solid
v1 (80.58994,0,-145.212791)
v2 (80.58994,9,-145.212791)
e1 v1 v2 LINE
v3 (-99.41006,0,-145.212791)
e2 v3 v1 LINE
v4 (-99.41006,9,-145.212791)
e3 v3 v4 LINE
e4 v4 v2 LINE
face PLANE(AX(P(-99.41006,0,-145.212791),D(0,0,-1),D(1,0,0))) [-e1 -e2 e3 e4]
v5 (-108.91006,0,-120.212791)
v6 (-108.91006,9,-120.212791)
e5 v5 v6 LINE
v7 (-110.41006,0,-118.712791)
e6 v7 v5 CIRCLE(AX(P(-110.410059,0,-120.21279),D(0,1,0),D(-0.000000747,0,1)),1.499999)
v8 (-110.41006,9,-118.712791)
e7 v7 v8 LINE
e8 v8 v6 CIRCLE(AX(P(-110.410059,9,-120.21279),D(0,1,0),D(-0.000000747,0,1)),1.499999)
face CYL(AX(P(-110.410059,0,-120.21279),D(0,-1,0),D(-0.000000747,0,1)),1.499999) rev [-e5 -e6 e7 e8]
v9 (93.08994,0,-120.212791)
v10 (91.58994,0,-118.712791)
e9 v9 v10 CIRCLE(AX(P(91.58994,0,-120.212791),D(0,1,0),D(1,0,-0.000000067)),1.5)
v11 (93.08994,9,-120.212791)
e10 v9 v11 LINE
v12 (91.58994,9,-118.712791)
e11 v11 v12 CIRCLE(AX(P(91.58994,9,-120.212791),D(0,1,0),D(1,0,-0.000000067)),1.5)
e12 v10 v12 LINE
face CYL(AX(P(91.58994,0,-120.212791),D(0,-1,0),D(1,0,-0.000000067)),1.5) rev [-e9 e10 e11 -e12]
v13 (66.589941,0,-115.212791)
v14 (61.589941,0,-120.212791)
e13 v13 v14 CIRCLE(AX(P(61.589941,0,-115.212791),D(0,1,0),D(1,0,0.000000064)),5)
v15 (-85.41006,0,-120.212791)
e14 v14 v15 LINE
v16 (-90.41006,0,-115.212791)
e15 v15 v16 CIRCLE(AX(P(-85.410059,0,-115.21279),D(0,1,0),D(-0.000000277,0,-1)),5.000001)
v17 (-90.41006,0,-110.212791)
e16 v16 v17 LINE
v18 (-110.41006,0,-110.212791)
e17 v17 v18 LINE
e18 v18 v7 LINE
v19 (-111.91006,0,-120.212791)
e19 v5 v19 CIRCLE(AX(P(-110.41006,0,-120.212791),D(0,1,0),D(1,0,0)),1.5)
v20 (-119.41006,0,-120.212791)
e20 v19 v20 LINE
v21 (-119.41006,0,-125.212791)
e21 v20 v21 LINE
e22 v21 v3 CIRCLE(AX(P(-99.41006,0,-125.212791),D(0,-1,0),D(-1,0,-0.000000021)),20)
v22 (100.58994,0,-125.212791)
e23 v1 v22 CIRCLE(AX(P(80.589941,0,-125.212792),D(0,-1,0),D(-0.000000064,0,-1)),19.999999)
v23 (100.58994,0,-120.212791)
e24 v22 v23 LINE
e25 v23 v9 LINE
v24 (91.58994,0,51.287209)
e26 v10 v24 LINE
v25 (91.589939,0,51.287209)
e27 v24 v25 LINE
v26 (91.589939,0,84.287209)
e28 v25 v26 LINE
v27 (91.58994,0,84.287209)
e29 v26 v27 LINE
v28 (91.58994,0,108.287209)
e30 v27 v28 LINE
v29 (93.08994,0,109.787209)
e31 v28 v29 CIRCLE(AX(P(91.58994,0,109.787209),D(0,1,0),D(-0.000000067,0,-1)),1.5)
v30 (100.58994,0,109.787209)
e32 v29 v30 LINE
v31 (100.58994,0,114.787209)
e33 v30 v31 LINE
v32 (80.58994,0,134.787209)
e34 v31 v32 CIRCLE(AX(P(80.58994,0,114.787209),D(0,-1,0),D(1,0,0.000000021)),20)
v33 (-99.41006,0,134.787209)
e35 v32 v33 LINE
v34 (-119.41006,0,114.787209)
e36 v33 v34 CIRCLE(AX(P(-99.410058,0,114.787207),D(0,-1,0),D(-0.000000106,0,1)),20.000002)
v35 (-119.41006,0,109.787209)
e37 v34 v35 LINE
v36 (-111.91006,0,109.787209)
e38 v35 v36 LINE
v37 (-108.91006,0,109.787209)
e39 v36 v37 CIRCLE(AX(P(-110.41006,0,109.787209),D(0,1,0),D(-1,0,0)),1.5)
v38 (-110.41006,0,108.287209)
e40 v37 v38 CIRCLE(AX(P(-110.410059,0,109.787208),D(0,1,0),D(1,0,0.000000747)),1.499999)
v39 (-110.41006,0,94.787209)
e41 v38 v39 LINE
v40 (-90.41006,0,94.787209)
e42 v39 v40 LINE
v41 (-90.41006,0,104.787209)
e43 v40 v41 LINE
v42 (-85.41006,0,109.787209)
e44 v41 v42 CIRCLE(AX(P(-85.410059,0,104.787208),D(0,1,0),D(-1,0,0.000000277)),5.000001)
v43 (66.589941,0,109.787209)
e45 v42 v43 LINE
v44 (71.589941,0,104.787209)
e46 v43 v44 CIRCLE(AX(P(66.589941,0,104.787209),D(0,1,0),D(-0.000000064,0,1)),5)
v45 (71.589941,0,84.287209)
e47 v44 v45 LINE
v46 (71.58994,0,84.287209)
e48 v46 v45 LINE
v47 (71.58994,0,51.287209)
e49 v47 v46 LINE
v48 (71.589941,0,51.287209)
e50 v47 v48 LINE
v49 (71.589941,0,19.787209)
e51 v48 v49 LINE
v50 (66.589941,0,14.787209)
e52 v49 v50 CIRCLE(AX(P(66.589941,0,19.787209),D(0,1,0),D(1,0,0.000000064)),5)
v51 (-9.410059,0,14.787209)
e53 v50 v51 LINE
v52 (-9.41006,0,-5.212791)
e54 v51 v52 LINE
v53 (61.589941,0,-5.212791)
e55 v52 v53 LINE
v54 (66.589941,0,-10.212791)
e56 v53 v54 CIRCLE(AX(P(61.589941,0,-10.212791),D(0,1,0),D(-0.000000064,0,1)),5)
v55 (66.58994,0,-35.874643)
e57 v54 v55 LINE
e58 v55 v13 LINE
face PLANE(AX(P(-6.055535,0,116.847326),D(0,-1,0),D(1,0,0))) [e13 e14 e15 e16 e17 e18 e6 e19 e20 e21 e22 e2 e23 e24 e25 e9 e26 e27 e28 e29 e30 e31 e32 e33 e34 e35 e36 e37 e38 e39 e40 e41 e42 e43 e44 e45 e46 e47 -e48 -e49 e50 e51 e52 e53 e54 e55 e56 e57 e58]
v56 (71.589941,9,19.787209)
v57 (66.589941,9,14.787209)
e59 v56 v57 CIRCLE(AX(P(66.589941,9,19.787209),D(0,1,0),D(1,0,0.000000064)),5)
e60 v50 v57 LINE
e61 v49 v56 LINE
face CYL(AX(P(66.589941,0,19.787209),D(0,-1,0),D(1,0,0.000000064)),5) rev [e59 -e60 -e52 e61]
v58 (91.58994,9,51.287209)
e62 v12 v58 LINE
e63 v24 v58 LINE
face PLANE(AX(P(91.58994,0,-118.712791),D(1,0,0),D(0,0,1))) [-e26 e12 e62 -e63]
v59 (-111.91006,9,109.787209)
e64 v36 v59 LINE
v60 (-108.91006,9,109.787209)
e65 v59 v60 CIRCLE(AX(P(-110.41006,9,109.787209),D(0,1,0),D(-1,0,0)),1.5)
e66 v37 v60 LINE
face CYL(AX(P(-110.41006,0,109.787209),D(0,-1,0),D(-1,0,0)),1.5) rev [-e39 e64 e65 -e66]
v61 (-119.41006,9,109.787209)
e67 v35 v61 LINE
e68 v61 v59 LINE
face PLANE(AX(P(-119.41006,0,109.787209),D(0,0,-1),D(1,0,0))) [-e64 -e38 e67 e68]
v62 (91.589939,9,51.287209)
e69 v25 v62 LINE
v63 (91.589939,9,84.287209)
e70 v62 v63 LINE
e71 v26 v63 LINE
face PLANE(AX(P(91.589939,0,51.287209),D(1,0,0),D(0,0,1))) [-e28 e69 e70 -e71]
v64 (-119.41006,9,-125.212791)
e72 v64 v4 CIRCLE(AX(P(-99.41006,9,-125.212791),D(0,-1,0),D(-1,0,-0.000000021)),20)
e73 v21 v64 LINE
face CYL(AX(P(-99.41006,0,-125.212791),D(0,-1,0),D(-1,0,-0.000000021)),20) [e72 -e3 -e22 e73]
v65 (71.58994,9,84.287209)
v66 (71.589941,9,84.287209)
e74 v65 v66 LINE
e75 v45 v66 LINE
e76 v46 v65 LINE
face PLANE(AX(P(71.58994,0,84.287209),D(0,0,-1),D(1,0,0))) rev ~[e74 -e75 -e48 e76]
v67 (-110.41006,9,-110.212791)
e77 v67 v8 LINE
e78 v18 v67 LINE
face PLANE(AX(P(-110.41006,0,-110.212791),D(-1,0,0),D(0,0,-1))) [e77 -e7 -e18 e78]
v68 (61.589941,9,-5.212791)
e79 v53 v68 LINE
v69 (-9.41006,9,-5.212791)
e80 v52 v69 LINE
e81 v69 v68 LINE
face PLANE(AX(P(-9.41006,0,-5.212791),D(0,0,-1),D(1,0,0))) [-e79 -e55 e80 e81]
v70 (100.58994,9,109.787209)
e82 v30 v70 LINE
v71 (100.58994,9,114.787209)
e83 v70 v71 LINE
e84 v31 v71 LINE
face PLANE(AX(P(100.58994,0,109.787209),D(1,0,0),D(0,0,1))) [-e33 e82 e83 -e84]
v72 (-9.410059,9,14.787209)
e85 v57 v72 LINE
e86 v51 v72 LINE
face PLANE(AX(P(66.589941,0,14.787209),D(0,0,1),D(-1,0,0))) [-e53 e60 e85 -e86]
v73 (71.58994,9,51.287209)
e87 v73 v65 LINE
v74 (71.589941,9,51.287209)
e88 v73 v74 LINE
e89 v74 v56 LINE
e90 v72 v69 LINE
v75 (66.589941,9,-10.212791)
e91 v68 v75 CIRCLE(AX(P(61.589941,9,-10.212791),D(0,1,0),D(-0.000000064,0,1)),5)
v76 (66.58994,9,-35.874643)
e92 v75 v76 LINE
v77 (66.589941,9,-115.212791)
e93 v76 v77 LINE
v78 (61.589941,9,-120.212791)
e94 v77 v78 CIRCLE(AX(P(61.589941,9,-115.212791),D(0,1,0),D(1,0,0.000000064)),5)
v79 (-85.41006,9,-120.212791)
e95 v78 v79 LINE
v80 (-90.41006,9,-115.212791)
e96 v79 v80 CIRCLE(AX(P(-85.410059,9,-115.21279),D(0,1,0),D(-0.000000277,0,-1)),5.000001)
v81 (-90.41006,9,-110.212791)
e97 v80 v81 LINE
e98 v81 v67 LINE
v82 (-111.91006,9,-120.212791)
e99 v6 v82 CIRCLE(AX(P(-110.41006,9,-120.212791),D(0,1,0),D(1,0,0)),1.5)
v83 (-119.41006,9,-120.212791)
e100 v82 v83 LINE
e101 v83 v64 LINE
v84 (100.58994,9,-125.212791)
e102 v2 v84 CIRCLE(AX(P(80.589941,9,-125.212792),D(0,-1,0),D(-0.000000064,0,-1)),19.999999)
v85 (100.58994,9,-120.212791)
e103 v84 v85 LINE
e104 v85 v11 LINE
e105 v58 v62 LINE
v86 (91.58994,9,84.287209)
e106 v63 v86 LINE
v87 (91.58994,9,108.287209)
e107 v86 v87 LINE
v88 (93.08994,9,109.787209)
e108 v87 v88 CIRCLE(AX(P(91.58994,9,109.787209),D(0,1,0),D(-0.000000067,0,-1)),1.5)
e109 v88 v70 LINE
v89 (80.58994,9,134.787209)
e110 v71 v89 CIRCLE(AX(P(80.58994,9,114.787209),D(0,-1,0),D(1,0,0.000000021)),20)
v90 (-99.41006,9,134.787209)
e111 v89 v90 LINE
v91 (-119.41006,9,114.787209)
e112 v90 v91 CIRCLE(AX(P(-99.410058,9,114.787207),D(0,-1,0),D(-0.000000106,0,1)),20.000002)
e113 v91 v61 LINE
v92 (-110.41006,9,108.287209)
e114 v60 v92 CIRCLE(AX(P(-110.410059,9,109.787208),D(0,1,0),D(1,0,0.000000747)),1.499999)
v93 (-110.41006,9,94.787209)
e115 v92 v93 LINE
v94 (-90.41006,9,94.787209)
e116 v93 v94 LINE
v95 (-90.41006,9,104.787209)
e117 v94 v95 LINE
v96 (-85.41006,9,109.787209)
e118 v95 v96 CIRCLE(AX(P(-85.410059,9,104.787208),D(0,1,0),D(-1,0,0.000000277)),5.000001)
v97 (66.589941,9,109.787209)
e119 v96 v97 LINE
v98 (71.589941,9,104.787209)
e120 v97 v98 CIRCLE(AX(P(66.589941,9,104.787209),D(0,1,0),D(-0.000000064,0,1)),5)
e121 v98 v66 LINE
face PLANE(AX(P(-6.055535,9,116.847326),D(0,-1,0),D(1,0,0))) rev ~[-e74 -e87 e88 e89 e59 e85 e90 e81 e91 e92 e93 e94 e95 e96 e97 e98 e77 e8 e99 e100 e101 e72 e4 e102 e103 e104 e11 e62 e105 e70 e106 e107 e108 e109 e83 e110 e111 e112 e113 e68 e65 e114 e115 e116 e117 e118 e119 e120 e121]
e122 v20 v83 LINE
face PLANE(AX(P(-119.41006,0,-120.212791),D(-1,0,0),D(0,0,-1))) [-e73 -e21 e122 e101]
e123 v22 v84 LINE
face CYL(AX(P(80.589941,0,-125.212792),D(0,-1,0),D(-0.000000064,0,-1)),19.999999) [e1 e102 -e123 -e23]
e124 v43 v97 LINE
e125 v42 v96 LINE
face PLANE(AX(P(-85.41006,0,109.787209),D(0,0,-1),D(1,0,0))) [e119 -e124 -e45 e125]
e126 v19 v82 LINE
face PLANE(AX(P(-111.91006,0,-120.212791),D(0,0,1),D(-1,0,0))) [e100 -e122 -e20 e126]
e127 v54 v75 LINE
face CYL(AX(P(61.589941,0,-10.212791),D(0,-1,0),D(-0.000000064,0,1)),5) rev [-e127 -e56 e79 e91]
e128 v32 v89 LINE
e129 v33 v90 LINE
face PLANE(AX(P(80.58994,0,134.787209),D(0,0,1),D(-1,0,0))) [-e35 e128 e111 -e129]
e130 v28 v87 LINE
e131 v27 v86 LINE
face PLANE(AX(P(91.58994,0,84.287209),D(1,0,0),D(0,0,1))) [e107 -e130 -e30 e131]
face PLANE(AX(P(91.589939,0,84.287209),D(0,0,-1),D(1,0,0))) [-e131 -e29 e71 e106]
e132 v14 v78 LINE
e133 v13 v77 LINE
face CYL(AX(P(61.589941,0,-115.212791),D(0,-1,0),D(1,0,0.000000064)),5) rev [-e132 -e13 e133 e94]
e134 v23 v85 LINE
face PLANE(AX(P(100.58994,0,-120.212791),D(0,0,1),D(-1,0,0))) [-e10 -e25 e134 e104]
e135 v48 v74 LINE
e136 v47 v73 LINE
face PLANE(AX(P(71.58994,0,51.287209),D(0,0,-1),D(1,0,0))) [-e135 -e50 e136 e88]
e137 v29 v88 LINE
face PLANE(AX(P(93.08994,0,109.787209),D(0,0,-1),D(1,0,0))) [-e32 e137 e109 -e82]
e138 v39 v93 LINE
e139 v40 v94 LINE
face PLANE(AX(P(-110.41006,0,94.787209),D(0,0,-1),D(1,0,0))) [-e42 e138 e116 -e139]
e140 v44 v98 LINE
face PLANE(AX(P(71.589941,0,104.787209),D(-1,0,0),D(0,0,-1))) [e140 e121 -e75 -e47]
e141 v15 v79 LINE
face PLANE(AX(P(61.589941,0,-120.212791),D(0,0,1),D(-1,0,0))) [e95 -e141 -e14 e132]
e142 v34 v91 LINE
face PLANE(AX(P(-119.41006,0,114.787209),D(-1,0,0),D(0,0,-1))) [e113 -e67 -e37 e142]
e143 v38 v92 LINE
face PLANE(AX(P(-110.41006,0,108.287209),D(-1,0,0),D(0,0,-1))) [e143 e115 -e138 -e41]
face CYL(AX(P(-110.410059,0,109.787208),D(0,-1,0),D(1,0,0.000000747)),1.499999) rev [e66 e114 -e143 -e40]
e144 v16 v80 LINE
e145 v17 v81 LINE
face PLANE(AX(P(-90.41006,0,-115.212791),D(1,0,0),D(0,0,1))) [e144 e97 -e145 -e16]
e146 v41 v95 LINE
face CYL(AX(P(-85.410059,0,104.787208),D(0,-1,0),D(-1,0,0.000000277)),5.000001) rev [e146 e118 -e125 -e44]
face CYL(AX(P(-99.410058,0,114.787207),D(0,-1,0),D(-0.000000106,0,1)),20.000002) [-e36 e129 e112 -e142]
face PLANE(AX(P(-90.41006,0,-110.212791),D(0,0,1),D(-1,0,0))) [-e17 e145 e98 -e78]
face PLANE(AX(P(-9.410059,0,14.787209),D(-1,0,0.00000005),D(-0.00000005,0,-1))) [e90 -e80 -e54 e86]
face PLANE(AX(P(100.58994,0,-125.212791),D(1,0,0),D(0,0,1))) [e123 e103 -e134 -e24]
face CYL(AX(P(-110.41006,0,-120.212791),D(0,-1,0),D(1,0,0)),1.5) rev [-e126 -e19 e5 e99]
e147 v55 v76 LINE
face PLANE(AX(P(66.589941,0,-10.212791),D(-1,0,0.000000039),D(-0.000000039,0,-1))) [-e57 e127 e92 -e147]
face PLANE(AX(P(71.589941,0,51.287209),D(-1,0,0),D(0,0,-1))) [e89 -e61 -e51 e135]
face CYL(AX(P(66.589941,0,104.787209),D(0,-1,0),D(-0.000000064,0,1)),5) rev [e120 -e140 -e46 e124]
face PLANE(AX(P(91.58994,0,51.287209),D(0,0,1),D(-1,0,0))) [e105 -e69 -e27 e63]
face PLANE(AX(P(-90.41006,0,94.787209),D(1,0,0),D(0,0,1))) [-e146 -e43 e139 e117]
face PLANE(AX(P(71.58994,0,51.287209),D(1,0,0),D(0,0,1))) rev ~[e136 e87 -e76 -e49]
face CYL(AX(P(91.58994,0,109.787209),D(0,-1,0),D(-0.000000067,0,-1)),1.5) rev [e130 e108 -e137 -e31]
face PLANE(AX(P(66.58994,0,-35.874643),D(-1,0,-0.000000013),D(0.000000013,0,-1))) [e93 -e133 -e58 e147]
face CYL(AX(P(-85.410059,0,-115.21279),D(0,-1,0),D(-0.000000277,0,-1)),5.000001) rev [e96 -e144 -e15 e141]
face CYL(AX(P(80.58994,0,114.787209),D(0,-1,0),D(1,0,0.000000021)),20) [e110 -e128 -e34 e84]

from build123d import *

# Parameters (mm, degrees)
F0_W     = 19.999999
F0_H     = 33
F0_W_2   = 15
F0_H_2   = 45
F1_DEPTH = 9


with BuildPart() as f1:
    # F0 (on Front) → F1 (new body)
    with BuildSketch(Plane.XZ):
        with BuildLine():
            Line((80.58994, 134.787209), (-99.41006, 134.787209))
            ThreePointArc((-99.41006, 134.787209), (-113.552195, 128.929344), (-119.41006, 114.787209))
            Line((-119.41006, 114.787209), (-119.41006, 109.787209))
            Line((-119.41006, 109.787209), (-111.91006, 109.787209))
            ThreePointArc((-111.91006, 109.787209), (-110.41006, 111.287209), (-108.91006, 109.787209))
            ThreePointArc((-108.91006, 109.787209), (-109.349399, 108.726549), (-110.41006, 108.287209))
            Line((-110.41006, 108.287209), (-110.41006, 94.787209))
            Line((-110.41006, 94.787209), (-90.41006, 94.787209))
            Line((-90.41006, 94.787209), (-90.41006, 104.787209))
            ThreePointArc((-90.41006, 104.787209), (-88.945593, 108.322743), (-85.41006, 109.787209))
            Line((-85.41006, 109.787209), (66.589941, 109.787209))
            ThreePointArc((66.589941, 109.787209), (70.125475, 108.322743), (71.589941, 104.787209))
            Line((71.589941, 104.787209), (71.589941, 84.287209))
            Line((71.589941, 84.287209), (91.58994, 84.287209))
            Line((91.58994, 84.287209), (91.58994, 108.287209))
            ThreePointArc((91.58994, 108.287209), (90.52928, 110.847869), (93.08994, 109.787209))
            Line((93.08994, 109.787209), (100.58994, 109.787209))
            Line((100.58994, 109.787209), (100.58994, 114.787209))
            ThreePointArc((100.58994, 114.787209), (94.732076, 128.929344), (80.58994, 134.787209))
        make_face()
        with BuildLine():
            Line((91.58994, -15.212791), (91.58994, 51.287209))
            Line((91.58994, 51.287209), (71.589941, 51.287209))
            Line((71.589941, 51.287209), (71.589941, 19.787209))
            ThreePointArc((71.589941, 19.787209), (70.125475, 16.251675), (66.589941, 14.787209))
            Line((66.589941, 14.787209), (-9.410059, 14.787209))
            Line((-9.410059, 14.787209), (-9.41006, -5.212791))
            Line((-9.41006, -5.212791), (61.589941, -5.212791))
            ThreePointArc((61.589941, -5.212791), (65.125475, -6.677257), (66.589941, -10.212791))
            Line((66.589941, -10.212791), (66.58994, -35.874643))
            Line((66.58994, -35.874643), (66.589941, -115.212791))
            ThreePointArc((66.589941, -115.212791), (65.125475, -118.748325), (61.589941, -120.212791))
            Line((61.589941, -120.212791), (-85.41006, -120.212791))
            ThreePointArc((-85.41006, -120.212791), (-88.945593, -118.748325), (-90.41006, -115.212791))
            Line((-90.41006, -115.212791), (-90.41006, -110.212791))
            Line((-90.41006, -110.212791), (-110.41006, -110.212791))
            Line((-110.41006, -110.212791), (-110.41006, -118.712791))
            ThreePointArc((-110.41006, -118.712791), (-109.349399, -119.152131), (-108.91006, -120.212791))
            ThreePointArc((-108.91006, -120.212791), (-110.41006, -121.712791), (-111.91006, -120.212791))
            Line((-111.91006, -120.212791), (-119.41006, -120.212791))
            Line((-119.41006, -120.212791), (-119.41006, -125.212791))
            ThreePointArc((-119.41006, -125.212791), (-113.552195, -139.354927), (-99.41006, -145.212791))
            Line((-99.41006, -145.212791), (80.58994, -145.212791))
            ThreePointArc((80.58994, -145.212791), (94.732076, -139.354927), (100.58994, -125.212791))
            Line((100.58994, -125.212791), (100.58994, -120.212791))
            Line((100.58994, -120.212791), (93.08994, -120.212791))
            ThreePointArc((93.08994, -120.212791), (90.52928, -121.273451), (91.58994, -118.712791))
            Line((91.58994, -118.712791), (91.58994, -110.212791))
            Line((91.58994, -110.212791), (91.58994, -60.212791))
            Line((91.58994, -60.212791), (76.58994, -60.212791))
            Line((76.58994, -60.212791), (76.58994, -15.212791))
            Line((76.58994, -15.212791), (91.58994, -15.212791))
        make_face()
        with Locations((81.58994, 67.787209)):
            Rectangle(F0_W, F0_H)
        with Locations((84.08994, -37.712791)):
            Rectangle(F0_W_2, F0_H_2)
    extrude(amount=-F1_DEPTH)


solid = f1.part
